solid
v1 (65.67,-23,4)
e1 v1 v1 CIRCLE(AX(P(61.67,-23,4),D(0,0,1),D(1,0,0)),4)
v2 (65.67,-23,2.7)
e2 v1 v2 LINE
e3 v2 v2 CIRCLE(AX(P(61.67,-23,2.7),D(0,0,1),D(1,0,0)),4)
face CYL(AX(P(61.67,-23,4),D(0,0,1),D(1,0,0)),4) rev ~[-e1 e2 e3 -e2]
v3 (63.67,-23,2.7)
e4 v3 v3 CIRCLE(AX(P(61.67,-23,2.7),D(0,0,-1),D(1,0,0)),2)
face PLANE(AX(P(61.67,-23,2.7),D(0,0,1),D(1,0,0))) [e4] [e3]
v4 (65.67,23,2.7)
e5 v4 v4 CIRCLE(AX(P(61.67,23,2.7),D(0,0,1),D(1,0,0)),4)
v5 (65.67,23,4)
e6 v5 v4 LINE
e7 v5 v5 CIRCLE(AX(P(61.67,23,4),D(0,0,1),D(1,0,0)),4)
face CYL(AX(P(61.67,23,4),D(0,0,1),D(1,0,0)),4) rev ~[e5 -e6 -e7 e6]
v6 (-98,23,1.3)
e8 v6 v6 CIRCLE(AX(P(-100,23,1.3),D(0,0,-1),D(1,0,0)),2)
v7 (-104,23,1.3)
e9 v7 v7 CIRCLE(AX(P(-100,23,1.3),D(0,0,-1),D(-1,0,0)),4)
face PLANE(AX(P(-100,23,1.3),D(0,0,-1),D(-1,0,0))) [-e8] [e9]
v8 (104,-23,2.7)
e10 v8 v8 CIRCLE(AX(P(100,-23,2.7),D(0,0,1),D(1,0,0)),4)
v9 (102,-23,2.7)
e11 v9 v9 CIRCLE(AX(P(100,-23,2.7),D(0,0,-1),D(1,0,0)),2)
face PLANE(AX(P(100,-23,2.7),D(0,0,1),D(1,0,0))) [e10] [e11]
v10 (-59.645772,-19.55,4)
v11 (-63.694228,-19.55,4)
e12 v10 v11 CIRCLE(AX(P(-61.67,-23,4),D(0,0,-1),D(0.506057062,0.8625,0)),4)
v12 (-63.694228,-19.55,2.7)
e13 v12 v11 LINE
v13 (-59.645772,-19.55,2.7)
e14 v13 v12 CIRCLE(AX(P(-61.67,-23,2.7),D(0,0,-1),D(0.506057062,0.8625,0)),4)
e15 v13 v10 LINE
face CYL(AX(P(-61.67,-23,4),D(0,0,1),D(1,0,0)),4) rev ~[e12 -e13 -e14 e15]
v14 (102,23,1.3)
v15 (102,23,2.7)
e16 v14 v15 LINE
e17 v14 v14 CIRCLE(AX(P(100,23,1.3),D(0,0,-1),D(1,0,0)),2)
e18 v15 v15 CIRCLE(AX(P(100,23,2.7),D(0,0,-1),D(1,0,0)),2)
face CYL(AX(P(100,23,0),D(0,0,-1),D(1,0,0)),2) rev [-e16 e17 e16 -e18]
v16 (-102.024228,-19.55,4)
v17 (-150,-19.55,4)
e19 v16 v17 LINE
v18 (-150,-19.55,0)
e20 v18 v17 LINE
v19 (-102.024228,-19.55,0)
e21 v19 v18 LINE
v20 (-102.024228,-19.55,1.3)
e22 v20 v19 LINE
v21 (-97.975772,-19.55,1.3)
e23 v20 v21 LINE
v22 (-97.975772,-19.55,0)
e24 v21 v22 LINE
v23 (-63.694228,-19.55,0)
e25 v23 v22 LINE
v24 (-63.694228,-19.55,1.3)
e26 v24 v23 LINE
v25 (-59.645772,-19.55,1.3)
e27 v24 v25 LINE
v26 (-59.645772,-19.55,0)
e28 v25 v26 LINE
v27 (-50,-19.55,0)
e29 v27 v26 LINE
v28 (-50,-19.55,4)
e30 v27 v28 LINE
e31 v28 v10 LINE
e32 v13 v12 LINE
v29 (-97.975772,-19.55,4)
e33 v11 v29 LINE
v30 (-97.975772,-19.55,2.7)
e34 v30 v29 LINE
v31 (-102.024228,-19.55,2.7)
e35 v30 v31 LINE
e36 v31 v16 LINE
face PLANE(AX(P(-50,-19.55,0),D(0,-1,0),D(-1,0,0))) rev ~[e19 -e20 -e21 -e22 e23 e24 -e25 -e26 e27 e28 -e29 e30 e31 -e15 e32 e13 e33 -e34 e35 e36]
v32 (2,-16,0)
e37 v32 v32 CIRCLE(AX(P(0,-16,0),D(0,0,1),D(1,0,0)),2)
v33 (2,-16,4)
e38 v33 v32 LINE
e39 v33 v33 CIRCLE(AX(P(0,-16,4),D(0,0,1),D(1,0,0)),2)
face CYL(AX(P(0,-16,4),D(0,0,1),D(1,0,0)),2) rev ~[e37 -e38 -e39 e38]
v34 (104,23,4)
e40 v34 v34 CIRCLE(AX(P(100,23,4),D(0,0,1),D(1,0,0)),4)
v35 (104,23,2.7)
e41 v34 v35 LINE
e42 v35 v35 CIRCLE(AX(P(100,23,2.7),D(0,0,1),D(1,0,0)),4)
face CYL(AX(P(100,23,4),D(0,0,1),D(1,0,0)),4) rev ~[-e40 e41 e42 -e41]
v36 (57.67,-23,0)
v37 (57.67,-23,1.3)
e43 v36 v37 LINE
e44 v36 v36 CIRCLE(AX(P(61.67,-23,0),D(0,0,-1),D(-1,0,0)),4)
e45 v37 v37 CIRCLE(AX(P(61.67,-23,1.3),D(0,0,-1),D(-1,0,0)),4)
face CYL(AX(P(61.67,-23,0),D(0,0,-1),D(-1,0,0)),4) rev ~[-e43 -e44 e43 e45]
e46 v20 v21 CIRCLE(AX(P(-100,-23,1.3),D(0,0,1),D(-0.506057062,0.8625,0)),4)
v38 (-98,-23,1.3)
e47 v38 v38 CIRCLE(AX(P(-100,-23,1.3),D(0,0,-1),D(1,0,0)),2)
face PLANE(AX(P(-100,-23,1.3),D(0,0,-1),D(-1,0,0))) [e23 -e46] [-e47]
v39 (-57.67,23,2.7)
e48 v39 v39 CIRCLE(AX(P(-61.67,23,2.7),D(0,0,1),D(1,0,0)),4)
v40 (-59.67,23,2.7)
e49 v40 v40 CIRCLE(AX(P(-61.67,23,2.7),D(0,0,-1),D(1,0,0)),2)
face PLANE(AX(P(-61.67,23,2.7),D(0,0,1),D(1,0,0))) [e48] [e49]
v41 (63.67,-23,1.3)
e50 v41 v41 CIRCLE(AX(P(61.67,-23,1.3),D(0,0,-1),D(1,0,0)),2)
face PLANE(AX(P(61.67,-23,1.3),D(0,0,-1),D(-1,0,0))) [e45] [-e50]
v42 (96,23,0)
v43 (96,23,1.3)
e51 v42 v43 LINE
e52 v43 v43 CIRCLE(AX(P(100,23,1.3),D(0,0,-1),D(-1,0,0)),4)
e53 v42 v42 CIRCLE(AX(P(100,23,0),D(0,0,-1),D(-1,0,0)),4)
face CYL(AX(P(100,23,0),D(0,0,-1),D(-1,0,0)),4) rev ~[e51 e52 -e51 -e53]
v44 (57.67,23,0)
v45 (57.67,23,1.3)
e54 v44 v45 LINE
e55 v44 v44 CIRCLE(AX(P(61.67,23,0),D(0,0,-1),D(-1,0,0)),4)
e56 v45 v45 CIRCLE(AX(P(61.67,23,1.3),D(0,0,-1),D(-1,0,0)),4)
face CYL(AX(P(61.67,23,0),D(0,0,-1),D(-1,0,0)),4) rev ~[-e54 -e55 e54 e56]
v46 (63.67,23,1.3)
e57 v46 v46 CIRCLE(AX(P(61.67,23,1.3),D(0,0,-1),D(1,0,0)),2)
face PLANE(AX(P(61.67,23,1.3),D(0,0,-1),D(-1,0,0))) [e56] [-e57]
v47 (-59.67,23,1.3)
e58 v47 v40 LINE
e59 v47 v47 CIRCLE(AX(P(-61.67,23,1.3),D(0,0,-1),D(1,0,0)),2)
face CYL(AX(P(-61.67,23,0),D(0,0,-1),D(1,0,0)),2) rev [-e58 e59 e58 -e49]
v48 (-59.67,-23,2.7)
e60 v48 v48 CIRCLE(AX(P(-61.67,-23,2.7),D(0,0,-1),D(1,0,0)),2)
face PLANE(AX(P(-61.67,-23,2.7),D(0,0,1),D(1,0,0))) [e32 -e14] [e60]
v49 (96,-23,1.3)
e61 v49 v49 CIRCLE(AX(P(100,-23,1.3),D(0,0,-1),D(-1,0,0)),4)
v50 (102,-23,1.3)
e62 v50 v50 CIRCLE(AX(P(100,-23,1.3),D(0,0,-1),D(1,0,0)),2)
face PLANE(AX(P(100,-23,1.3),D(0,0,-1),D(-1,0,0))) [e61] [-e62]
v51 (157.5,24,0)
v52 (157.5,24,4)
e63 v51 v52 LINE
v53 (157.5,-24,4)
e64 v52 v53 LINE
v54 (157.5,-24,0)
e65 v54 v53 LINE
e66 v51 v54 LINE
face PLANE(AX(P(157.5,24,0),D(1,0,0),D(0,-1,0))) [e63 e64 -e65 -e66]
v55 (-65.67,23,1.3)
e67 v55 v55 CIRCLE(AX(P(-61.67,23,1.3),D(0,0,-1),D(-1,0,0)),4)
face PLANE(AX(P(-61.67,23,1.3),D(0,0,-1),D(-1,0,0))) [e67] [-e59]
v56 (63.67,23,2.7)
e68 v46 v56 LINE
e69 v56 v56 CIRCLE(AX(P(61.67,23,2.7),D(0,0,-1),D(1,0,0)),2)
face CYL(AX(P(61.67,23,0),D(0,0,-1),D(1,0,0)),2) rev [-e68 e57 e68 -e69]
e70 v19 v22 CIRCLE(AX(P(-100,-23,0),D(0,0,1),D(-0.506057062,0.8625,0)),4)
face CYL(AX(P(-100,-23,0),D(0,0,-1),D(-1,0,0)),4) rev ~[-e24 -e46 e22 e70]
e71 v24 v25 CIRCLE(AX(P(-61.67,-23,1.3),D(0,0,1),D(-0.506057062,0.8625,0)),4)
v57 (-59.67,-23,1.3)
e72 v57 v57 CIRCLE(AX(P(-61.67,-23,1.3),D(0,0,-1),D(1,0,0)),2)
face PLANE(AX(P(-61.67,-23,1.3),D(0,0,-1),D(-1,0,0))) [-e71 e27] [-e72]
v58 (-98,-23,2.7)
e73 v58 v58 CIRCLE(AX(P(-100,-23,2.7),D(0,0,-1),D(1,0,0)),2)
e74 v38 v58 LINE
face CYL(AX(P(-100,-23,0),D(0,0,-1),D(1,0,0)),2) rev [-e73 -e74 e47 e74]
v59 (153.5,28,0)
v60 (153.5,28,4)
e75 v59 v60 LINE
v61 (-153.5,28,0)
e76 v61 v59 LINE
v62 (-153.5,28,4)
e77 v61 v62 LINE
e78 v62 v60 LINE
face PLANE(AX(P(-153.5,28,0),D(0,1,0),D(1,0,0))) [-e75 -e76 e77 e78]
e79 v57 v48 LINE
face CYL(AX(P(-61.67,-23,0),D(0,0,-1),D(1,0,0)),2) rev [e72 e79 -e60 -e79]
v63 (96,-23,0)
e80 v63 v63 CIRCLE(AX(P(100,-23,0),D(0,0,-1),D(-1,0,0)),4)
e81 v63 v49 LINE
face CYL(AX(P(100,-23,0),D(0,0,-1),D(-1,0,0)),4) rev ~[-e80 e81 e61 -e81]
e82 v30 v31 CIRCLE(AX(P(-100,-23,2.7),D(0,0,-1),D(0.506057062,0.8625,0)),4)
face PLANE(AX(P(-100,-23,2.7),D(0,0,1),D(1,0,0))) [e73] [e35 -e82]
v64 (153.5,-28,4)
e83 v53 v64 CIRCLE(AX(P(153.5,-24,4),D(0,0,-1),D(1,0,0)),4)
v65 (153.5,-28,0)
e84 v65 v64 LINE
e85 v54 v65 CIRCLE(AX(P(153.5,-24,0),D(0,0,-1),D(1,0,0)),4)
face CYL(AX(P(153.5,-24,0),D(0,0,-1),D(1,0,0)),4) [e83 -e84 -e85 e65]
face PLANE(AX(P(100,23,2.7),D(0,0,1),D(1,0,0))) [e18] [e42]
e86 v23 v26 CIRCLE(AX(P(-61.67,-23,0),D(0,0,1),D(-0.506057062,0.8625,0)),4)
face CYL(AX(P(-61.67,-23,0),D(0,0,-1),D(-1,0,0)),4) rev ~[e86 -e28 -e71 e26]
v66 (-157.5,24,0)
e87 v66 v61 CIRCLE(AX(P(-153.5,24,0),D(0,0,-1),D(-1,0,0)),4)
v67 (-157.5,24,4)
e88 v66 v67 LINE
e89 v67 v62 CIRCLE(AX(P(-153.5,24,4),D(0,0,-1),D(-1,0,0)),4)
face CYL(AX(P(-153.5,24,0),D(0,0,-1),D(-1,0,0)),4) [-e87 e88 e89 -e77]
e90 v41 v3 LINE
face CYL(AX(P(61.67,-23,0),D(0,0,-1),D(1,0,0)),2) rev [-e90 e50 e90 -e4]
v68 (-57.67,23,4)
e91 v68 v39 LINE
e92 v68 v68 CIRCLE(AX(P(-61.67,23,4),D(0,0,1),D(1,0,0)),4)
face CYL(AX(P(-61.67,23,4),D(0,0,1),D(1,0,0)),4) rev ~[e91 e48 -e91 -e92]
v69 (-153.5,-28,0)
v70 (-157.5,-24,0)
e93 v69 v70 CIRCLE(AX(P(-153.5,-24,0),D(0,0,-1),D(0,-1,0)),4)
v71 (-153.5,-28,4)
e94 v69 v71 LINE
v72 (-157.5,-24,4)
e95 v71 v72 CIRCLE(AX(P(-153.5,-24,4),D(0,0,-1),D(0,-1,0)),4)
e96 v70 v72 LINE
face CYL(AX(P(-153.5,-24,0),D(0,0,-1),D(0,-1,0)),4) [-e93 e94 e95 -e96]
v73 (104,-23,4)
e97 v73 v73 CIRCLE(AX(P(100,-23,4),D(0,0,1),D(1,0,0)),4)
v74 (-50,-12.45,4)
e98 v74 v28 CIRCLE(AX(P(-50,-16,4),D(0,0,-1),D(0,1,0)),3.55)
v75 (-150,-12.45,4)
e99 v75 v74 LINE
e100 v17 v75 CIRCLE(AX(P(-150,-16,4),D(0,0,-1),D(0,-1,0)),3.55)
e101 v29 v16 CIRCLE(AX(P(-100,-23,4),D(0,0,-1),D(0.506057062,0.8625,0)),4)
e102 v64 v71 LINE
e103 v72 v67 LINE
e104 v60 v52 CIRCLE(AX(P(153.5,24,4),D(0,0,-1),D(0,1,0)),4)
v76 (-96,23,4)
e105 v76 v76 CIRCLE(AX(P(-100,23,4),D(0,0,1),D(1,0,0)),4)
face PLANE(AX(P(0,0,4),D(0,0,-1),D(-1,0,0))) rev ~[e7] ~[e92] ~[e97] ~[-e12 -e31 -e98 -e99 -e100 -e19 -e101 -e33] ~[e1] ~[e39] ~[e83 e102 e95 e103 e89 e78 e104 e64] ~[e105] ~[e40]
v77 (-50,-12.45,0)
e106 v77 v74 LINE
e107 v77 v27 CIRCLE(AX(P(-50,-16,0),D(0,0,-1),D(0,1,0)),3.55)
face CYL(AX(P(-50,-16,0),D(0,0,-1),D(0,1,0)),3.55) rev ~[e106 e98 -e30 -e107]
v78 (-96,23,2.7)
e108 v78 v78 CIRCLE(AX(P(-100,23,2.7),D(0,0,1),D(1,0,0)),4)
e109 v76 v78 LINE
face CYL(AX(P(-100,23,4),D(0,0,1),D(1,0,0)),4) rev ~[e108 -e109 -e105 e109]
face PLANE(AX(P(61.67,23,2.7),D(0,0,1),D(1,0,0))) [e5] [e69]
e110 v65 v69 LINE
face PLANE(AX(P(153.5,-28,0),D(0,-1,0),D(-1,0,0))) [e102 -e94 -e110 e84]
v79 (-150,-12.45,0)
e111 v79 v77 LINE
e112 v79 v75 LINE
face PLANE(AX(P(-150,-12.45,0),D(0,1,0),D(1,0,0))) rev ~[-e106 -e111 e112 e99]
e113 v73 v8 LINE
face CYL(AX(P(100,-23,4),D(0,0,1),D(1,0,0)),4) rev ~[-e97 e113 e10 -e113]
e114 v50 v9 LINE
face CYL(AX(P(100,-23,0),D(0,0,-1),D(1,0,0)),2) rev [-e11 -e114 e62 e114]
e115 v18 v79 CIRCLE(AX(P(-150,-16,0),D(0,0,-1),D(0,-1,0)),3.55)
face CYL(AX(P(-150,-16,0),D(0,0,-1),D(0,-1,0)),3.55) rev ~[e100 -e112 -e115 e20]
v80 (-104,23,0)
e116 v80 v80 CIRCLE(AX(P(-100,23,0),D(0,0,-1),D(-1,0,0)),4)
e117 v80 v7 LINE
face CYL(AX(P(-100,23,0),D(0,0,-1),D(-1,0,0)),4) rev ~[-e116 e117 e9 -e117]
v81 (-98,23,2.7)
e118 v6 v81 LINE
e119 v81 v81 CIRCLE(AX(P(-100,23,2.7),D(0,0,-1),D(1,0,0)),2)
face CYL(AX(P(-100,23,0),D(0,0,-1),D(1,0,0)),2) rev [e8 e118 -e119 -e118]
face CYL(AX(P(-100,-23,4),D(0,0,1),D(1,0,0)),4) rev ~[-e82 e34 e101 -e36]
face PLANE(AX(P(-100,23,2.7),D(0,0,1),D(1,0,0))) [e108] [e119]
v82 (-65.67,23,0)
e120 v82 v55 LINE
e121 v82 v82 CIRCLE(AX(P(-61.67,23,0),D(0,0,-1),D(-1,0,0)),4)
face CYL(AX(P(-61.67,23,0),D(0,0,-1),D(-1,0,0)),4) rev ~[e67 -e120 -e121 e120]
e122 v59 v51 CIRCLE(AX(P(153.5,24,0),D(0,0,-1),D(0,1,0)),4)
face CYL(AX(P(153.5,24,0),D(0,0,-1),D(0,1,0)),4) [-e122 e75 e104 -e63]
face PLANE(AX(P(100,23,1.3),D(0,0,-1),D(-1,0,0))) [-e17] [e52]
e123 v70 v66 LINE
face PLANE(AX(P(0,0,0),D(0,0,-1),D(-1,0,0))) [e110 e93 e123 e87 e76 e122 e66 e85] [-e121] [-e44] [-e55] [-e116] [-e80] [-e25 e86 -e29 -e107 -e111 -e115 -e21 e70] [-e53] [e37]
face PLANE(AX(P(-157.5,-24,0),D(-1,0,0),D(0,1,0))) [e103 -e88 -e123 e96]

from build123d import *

# Parameters (mm, degrees)
SKETCH_1_R          = 2
EXTRUDE_1_DEPTH     = 4
SKETCH_2_R          = 4
CUT_EXTRUDE_1_DEPTH = 1.3
SKETCH_3_R          = 2
CUT_EXTRUDE_2_DEPTH = 10
SKETCH_5_R          = 4
CUT_EXTRUDE_4_DEPTH = 1.3


with BuildPart() as part:
    # 草图1 → 凸台-拉伸1 (new body)
    with BuildSketch(Plane.XY):
        with BuildLine():
            Line((153.5, -28), (-153.5, -28))
            ThreePointArc((-153.5, -28), (-156.328427125, -26.828427125), (-157.5, -24))
            Line((-157.5, -24), (-157.5, 24))
            ThreePointArc((-157.5, 24), (-156.328427125, 26.828427125), (-153.5, 28))
            Line((-153.5, 28), (153.5, 28))
            ThreePointArc((153.5, 28), (156.328427125, 26.828427125), (157.5, 24))
            Line((157.5, 24), (157.5, -24))
            ThreePointArc((157.5, -24), (156.328427125, -26.828427125), (153.5, -28))
        make_face()
        with Locations((-100, 23)):
            Circle(SKETCH_1_R, mode=Mode.SUBTRACT)
        with Locations((-61.67, 23)):
            Circle(SKETCH_1_R, mode=Mode.SUBTRACT)
        with Locations((-100, -23)):
            Circle(SKETCH_1_R, mode=Mode.SUBTRACT)
        with Locations((-61.67, -23)):
            Circle(SKETCH_1_R, mode=Mode.SUBTRACT)
        with Locations((100, -23)):
            Circle(SKETCH_1_R, mode=Mode.SUBTRACT)
        with Locations((61.67, -23)):
            Circle(SKETCH_1_R, mode=Mode.SUBTRACT)
        with Locations((61.67, 23)):
            Circle(SKETCH_1_R, mode=Mode.SUBTRACT)
        with Locations((100, 23)):
            Circle(SKETCH_1_R, mode=Mode.SUBTRACT)
        with BuildLine():
            Line((-150, -12.45), (-50, -12.45))
            ThreePointArc((-50, -12.45), (-46.45, -16), (-50, -19.55))
            Line((-50, -19.55), (-150, -19.55))
            ThreePointArc((-150, -19.55), (-153.55, -16), (-150, -12.45))
        make_face(mode=Mode.SUBTRACT)
    extrude(amount=EXTRUDE_1_DEPTH)

    # 草图2 → 切除-拉伸1 (cut)
    with BuildSketch(Plane.XY.offset(4)):
        with Locations((-100, 23)):
            Circle(SKETCH_2_R)
        with Locations((-61.67, 23)):
            Circle(SKETCH_2_R)
        with Locations((-100, -23)):
            Circle(SKETCH_2_R)
        with Locations((-61.67, -23)):
            Circle(SKETCH_2_R)
        with Locations((61.67, -23)):
            Circle(SKETCH_2_R)
        with Locations((100, -23)):
            Circle(SKETCH_2_R)
        with Locations((61.67, 23)):
            Circle(SKETCH_2_R)
        with Locations((100, 23)):
            Circle(SKETCH_2_R)
    extrude(amount=-CUT_EXTRUDE_1_DEPTH, mode=Mode.SUBTRACT)

    # 草图3 → 切除-拉伸2 (cut)
    with BuildSketch(Plane.XY.offset(4)):
        with Locations((0, -16)):
            Circle(SKETCH_3_R)
    extrude(amount=-CUT_EXTRUDE_2_DEPTH, mode=Mode.SUBTRACT)

    # 草图5 → 切除-拉伸4 (cut)
    with BuildSketch(Plane(origin=(0, 0, 0), x_dir=(-1, 0, 0), z_dir=(0, 0, -1))):
        with Locations((-100, -23)):
            Circle(SKETCH_5_R)
        with Locations((-61.67, -23)):
            Circle(SKETCH_5_R)
        with Locations((61.67, -23)):
            Circle(SKETCH_5_R)
        with Locations((100, -23)):
            Circle(SKETCH_5_R)
        with Locations((100, 23)):
            Circle(SKETCH_5_R)
        with Locations((61.67, 23)):
            Circle(SKETCH_5_R)
        with Locations((-61.67, 23)):
            Circle(SKETCH_5_R)
        with Locations((-100, 23)):
            Circle(SKETCH_5_R)
    extrude(amount=-CUT_EXTRUDE_4_DEPTH, mode=Mode.SUBTRACT)


solid = part.part
